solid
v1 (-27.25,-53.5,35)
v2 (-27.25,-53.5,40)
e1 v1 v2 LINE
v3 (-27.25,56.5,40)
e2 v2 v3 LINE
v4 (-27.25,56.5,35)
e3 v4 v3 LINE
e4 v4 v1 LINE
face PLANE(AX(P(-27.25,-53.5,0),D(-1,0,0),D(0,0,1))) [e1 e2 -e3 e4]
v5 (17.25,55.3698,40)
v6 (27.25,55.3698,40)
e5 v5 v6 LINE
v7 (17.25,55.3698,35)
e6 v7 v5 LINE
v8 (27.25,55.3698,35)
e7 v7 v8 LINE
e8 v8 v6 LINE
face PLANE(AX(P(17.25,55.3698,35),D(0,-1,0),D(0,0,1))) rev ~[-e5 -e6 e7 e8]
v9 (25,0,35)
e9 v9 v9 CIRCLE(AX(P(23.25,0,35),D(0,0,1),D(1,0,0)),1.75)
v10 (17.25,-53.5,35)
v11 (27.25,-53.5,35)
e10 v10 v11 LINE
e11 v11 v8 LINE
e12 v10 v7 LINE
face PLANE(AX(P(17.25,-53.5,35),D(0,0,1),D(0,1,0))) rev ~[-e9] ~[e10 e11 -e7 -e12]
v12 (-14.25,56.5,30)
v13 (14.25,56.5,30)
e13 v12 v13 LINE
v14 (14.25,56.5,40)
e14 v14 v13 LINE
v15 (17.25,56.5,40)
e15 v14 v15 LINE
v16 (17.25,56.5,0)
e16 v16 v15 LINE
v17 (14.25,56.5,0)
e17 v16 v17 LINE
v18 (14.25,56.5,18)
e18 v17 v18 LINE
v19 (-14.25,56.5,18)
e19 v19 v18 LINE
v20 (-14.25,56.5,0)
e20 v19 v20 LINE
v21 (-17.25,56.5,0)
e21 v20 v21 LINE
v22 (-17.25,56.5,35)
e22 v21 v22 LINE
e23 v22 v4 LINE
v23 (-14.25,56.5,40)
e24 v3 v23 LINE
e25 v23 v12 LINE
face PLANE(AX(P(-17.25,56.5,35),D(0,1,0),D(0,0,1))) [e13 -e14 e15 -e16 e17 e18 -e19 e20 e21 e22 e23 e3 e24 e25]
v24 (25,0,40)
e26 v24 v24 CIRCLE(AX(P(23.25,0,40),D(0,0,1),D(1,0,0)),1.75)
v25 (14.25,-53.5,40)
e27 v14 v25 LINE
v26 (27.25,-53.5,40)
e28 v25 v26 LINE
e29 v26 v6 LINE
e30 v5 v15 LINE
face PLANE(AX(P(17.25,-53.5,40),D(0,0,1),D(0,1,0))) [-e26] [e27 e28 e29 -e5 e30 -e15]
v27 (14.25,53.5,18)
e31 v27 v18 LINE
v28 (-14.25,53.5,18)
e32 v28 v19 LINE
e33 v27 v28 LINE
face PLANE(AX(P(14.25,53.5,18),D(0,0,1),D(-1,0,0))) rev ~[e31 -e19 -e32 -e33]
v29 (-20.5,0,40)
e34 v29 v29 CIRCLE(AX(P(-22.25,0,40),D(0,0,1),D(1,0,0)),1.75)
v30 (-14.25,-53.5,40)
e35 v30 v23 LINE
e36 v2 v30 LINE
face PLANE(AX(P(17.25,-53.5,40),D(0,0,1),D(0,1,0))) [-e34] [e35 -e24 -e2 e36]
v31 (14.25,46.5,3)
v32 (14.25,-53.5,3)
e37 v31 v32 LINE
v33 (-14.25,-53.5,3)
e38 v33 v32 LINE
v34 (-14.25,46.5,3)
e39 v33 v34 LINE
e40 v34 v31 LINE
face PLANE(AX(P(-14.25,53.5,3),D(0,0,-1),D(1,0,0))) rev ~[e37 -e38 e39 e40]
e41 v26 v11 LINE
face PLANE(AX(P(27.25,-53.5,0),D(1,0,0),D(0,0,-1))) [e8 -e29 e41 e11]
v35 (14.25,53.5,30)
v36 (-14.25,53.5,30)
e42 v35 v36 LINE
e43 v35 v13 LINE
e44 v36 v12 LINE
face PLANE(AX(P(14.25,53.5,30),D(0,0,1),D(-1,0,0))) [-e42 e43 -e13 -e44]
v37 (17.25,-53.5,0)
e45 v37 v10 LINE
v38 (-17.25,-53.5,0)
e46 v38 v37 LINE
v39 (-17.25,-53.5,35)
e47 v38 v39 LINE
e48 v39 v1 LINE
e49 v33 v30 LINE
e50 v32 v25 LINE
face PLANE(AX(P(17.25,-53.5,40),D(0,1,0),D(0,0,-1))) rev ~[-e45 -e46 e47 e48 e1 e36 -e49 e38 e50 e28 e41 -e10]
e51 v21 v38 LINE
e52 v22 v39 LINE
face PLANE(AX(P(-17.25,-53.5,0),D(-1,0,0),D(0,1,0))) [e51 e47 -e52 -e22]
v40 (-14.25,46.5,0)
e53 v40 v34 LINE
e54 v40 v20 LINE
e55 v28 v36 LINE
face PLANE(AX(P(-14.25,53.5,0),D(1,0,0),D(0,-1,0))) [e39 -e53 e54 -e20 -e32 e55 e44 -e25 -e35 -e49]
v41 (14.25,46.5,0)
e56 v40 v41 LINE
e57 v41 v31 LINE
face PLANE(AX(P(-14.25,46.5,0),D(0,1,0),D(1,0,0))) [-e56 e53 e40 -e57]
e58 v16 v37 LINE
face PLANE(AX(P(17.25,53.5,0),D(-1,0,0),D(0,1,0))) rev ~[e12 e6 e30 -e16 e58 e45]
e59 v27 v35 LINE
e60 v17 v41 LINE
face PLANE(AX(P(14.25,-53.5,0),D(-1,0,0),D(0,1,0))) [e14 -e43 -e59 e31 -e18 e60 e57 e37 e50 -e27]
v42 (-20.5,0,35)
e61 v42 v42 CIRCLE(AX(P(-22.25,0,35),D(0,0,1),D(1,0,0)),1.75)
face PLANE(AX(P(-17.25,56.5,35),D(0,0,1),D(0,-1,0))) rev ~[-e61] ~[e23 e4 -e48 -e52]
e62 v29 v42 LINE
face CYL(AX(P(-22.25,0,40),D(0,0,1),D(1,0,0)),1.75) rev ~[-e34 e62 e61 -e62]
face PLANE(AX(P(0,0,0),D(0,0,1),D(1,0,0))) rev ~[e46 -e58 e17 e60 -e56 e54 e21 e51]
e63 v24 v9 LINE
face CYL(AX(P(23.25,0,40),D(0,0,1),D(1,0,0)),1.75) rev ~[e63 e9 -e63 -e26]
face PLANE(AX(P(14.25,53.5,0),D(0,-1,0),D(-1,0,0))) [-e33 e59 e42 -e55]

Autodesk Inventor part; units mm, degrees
ref_plane "YZ Plane" through (0, 0, 0) normal (1, 0, 0) x (0, 1, 0)
ref_plane "XZ Plane" through (0, 0, 0) normal (0, 1, 0) x (-1, 0, 0)
ref_plane "XY Plane" through (0, 0, 0) normal (0, 0, 1) x (1, 0, 0)
sketch "Sketch1" plane through (0, 0, 0) normal (0, 0, 1) x (1, 0, 0)
  point P0 (0, 0)
sketch "Sketch2" plane through (0, 0, 0) normal (0, 0, 1) x (1, 0, 0)
  line L0 (-14.25, -53.5) -> (14.25, -53.5)
  line L1 (14.25, -53.5) -> (14.25, 53.5)
  line L2 (14.25, 53.5) -> (-14.25, 53.5)
  line L3 (-14.25, 53.5) -> (-14.25, -53.5)
  line L4 (-14.25, -53.5) -> (14.25, 53.5) construction
  line L5 (14.25, -53.5) -> (-14.25, 53.5) construction
  line L6 (14.25, -53.5) -> (17.25, -53.5)
  line L7 (17.25, -53.5) -> (17.25, 53.5)
  line L8 (17.25, 53.5) -> (14.25, 53.5)
  line L9 (14.25, 53.5) -> (14.25, -53.5)
  line L10 (-14.25, -53.5) -> (-17.25, -53.5)
  line L11 (-17.25, -53.5) -> (-17.25, 53.5)
  line L12 (-17.25, 53.5) -> (-14.25, 53.5)
  line L13 (-14.25, 53.5) -> (-14.25, -53.5)
  line L14 (-17.25, 53.5) -> (17.25, 53.5)
  line L15 (17.25, 53.5) -> (17.25, 56.5)
  line L16 (17.25, 56.5) -> (-17.25, 56.5)
  line L17 (-17.25, 56.5) -> (-17.25, 53.5)
  point P0 (0, 0)
  dimension "d0" = 28.5
  dimension "d1" = 107
  dimension "d2" = 3
  dimension "d3" = 3
  dimension "d4" = 107
  dimension "d5" = 3
extrude "Extrusion1" add sketch "Sketch2" along normal blind 40 contours L10 L11 L12 L3 | L1 L8 L7 L6 | L12 L17 L16 L15 L8 L2
extrude "Extrusion2" add sketch "Sketch2" along normal blind 3 contours L3 L2 L1 L0
ref_plane "Work Plane1" through (-17.25, -53.5, 0) normal (-1, 0, 0) x (0, 0, 1)
sketch "Sketch3" plane through (-17.25, -53.5, 0) normal (-1, 0, 0) x (0, 0, 1)
  line L0 (0, 110) -> (40, 110) projected
  line L1 (0, 0) -> (40, 0) projected
  line L2 (40, 110) -> (35, 110)
  line L3 (35, 110) -> (35, 0)
  line L4 (35, 0) -> (40, 0)
  line L5 (40, 0) -> (40, 110)
  point P0 (0, 53.5)
  dimension "d11" = 5
extrude "Extrusion3" add sketch "Sketch3" along normal blind 10
ref_plane "Work Plane2" through (17.25, -53.5, 0) normal (1, 0, 0) x (0, 0, -1)
sketch "Sketch4" plane through (17.25, -53.5, 0) normal (1, 0, 0) x (0, 0, -1)
  line L0 (-40, 0) -> (-40, 110) projected
  line L1 (-40, 0) -> (-35, 0)
  line L2 (-35, 0) -> (-35, 108.8698)
  line L3 (-35, 108.8698) -> (-40, 108.8698)
  line L4 (-40, 108.8698) -> (-40, 0)
  point P0 (0, 53.5)
  dimension "d15" = 5
extrude "Extrusion4" add sketch "Sketch4" along normal blind 10
ref_plane "Work Plane3" through (-14.25, 53.5, 40) normal (0, -1, 0) x (1, 0, 0)
sketch "Sketch5" plane through (-14.25, 53.5, 40) normal (0, -1, 0) x (1, 0, 0)
  line L0 (0, -37) -> (28.5, -37) projected
  line L1 (28.5, -37) -> (28.5, 0) projected
  line L2 (0, -37) -> (28.5, -37)
  line L3 (28.5, -37) -> (28.5, -22)
  line L4 (28.5, -22) -> (0, -22)
  line L5 (0, -22) -> (0, -37)
  line L6 (31.5, 0) -> (-13, 0) projected
  line L7 (0, 0) -> (28.5, 0)
  line L8 (28.5, 0) -> (28.5, -10)
  line L9 (28.5, -10) -> (0, -10)
  line L10 (0, -10) -> (0, 0)
  point P0 (14.25, -40)
  dimension "d19" = 15
  dimension "d20" = 10
extrude "Extrusion5" cut sketch "Sketch5" against normal blind 10 contours L5 L4 L1 L0
extrude "Extrusion6" cut sketch "Sketch5" against normal blind 10 contours L9 L10 L6 L1
ref_plane "Work Plane4" through (0, 0, 0) normal (0, 0, -1) x (-1, 0, 0)
sketch "Sketch6" plane through (0, 0, 0) normal (0, 0, -1) x (-1, 0, 0)
  line L0 (-14.25, 53.5) -> (-14.25, 56.5) projected
  line L1 (14.25, -53.5) -> (14.25, 56.5) projected
  line L2 (-14.25, 56.5) -> (14.25, 56.5)
  line L3 (14.25, 56.5) -> (14.25, 46.5)
  line L4 (14.25, 46.5) -> (-14.25, 46.5)
  line L5 (-14.25, 46.5) -> (-14.25, 56.5)
  point P0 (0, 0)
  point P1 (14.25, 56.5)
  dimension "d26" = 10
extrude "Extrusion7" cut sketch "Sketch6" against normal blind 10
ref_plane "Work Plane5" through (0, 0, 40) normal (0, 0, 1) x (1, 0, 0)
ref_plane "Work Plane6" through (0, 0, 40) normal (0, 0, 1) x (1, 0, 0)
sketch "Sketch7" plane through (0, 0, 40) normal (0, 0, 1) x (1, 0, 0)
  circle A0 centre (23.25, 0) radius 1.75
  point P0 (0, 0)
  dimension "d31" = 3.5
sketch "Sketch8" plane through (0, 0, 40) normal (0, 0, 1) x (1, 0, 0)
  circle A0 centre (-22.25, 0) radius 1.75
  point P0 (0, 0)
  dimension "d32" = 3.5
extrude "Extrusion8" cut sketch "Sketch8" against normal blind 10
extrude "Extrusion9" cut sketch "Sketch7" against normal blind 10
properties part number "suport_batterie_2"
